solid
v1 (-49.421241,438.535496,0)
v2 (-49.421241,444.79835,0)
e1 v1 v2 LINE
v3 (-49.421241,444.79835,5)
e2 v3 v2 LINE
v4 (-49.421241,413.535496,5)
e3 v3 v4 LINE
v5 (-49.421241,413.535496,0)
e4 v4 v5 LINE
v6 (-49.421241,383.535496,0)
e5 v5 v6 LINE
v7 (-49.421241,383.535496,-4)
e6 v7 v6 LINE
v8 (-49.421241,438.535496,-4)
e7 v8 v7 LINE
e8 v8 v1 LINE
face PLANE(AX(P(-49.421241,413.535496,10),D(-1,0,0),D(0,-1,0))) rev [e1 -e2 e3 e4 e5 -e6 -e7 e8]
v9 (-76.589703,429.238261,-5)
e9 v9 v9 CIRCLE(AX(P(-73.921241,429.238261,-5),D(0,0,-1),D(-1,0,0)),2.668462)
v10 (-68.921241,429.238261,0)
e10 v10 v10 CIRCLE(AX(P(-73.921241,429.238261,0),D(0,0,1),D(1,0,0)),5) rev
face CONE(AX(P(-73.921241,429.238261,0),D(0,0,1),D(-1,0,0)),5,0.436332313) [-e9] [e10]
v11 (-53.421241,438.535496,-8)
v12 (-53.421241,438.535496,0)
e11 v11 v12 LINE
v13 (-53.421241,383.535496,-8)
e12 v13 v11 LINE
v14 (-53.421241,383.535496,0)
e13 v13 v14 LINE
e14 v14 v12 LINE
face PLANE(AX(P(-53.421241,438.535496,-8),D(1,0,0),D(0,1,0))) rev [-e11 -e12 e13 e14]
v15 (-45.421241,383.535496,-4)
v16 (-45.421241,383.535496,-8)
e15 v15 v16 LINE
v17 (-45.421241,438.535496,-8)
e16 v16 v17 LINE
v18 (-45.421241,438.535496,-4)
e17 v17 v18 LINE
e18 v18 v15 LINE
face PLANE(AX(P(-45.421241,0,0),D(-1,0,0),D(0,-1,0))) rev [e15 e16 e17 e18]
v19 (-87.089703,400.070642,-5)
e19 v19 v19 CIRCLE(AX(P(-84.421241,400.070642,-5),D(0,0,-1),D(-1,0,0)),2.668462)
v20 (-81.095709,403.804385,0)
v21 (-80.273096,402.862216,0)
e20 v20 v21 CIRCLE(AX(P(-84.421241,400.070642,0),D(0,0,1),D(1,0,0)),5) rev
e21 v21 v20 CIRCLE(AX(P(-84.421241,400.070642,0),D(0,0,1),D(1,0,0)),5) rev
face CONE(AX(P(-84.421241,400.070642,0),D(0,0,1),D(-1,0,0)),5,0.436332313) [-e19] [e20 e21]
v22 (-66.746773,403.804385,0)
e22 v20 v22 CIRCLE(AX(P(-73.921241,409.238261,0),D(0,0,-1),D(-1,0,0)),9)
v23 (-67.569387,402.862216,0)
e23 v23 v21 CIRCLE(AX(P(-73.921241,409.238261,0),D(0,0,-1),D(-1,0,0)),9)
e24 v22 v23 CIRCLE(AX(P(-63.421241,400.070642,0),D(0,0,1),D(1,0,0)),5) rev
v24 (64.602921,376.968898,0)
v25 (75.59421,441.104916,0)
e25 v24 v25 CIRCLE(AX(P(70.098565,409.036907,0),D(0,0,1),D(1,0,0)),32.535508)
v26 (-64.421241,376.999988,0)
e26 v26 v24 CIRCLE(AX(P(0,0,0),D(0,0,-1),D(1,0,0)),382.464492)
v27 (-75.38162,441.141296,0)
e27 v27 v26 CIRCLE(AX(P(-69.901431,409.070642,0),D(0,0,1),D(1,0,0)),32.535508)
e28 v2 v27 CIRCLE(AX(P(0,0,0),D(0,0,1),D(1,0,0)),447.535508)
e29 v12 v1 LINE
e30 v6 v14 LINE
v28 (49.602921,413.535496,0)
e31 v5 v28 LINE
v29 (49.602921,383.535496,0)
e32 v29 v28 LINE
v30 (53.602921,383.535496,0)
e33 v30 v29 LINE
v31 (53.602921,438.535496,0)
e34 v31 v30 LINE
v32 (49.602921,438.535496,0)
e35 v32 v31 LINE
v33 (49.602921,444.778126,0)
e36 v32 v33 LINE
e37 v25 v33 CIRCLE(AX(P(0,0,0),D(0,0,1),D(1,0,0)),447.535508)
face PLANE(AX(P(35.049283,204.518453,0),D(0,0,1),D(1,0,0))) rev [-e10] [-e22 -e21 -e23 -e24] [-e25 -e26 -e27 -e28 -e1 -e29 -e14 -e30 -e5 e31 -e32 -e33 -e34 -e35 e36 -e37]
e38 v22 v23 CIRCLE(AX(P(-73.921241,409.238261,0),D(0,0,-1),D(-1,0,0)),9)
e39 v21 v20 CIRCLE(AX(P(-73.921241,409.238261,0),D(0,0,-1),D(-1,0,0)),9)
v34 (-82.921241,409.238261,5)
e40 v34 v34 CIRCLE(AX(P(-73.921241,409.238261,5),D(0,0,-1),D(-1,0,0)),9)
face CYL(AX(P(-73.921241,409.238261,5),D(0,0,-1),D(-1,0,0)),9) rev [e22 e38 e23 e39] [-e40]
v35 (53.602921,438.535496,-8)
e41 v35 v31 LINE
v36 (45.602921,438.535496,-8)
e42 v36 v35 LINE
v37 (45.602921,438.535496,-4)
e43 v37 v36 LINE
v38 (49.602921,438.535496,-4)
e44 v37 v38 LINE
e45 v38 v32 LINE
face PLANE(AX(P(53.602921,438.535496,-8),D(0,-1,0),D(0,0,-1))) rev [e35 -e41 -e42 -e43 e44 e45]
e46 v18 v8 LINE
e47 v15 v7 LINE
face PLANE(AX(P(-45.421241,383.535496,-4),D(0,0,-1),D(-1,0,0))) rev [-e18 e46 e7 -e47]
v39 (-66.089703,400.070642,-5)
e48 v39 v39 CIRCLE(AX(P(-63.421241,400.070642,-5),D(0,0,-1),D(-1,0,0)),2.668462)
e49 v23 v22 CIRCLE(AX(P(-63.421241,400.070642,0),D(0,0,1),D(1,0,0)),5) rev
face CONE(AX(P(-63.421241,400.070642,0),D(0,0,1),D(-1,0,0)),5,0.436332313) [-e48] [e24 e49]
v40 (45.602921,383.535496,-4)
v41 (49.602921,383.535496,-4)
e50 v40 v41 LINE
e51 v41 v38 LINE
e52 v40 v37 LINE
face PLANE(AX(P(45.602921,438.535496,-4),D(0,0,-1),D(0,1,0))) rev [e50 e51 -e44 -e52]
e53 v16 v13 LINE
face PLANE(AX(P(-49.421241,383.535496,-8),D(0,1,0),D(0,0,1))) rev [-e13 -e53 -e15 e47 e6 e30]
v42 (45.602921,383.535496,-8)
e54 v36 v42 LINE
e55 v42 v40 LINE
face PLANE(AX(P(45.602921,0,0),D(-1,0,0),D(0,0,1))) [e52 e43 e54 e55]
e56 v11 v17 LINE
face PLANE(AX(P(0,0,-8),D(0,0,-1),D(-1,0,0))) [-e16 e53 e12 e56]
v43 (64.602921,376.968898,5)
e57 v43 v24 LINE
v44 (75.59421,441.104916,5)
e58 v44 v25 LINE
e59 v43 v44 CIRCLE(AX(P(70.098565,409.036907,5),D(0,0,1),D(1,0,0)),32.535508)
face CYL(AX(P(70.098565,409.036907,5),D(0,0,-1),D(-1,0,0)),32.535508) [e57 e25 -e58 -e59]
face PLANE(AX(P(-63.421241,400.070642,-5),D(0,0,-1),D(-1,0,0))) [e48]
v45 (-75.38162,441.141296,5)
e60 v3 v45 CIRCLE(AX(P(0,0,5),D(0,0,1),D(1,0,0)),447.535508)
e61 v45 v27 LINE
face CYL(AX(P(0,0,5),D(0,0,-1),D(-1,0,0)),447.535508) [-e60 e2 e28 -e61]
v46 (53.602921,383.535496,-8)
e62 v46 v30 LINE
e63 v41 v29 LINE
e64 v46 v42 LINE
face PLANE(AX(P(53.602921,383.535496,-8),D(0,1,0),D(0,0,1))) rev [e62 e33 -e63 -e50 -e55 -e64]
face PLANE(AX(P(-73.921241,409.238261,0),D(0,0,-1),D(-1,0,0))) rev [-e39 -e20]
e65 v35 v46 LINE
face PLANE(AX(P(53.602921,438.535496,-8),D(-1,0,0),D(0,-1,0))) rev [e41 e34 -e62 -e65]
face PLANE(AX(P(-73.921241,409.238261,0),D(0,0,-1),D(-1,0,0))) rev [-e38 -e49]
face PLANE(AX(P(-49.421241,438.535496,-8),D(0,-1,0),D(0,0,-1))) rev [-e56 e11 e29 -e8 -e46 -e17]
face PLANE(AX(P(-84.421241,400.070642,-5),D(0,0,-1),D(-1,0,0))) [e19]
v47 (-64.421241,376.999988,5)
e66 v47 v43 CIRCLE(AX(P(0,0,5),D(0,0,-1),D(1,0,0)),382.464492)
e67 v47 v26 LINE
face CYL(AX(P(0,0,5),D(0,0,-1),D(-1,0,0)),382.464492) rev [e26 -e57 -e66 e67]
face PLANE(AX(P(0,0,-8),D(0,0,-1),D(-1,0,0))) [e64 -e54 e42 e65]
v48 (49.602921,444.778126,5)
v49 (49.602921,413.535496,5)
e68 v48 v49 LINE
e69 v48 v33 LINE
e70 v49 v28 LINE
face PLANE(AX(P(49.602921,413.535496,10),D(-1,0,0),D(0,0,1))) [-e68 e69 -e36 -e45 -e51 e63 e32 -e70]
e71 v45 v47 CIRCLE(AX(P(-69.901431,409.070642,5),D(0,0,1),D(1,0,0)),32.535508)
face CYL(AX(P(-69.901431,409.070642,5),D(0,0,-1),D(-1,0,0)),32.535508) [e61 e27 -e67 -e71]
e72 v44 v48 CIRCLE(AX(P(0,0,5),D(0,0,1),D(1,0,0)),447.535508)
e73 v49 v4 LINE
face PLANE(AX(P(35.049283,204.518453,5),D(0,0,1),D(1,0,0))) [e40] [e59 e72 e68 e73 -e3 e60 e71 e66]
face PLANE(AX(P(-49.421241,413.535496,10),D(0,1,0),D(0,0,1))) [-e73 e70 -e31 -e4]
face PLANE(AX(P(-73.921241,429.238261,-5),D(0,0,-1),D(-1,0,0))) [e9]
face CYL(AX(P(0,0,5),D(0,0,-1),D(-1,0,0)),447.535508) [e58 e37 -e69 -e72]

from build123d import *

# Parameters (mm, degrees)
BOSS_EXTRU_1_DEPTH           = 5
ESQUISSE14_W                 = 99.024162062
ESQUISSE14_H                 = 34
ENL_V_MAT_EXTRU_3_DEPTH      = 10
ESQUISSE15_W                 = 4
ESQUISSE15_H                 = 55
BOSS_EXTRU_2_DEPTH           = 8
ESQUISSE16_W                 = 4
ESQUISSE16_H                 = 55
BOSS_EXTRU_3_DEPTH           = 4
ESQUISSE17_W                 = 4
ESQUISSE17_H                 = 55
BOSS_EXTRU_4_DEPTH           = 4
ESQUISSE18_R                 = 5
BOSS_EXTRU_5_DEPTH           = 5
BOSS_EXTRU_5_DRAFT           = 25
BOSS_EXTRU_5_PROFILE_2_DEPTH = 5
BOSS_EXTRU_5_PROFILE_2_DRAFT = 25
BOSS_EXTRU_5_PROFILE_3_DEPTH = 5
BOSS_EXTRU_5_PROFILE_3_DRAFT = 25
ESQUISSE19_R                 = 9
ENL_V_MAT_EXTRU_4_DEPTH      = 5


with BuildPart() as part:
    # Esquisse3 → Boss.-Extru.1 (new body)
    with BuildSketch(Plane.XY):
        with BuildLine():
            ThreePointArc((75.594209632, 441.104915907), (0.107839882, 447.535495506), (-75.381620177, 441.141295626))
            ThreePointArc((-75.381620177, 441.141295626), (-101.972084627, 403.590452402), (-64.421241404, 376.999987952))
            ThreePointArc((-64.421241404, 376.999987952), (0.092160118, 382.464480398), (64.602920658, 376.968897791))
            ThreePointArc((64.602920658, 376.968897791), (102.166574203, 403.541262362), (75.594209632, 441.104915907))
        make_face()
    extrude(amount=BOSS_EXTRU_1_DEPTH)

    # Esquisse14 → Enlèv. mat.-Extru.3 (cut)
    with BuildSketch(Plane(origin=(0, 0, 0), x_dir=(-1, 0, 0), z_dir=(0, 0, -1))):
        with Locations((-0.090839627, 430.535495506)):
            Rectangle(ESQUISSE14_W, ESQUISSE14_H)
    extrude(amount=-ENL_V_MAT_EXTRU_3_DEPTH, mode=Mode.SUBTRACT)


with BuildPart() as body_2:
    # of the pieces the cut leaves, the one that is kept (enl_v_mat_extru_3_keep)
    add(part.part.solids().sort_by_distance((64.602920658, 376.968897791, 0))[0])

    # Esquisse15 → Boss.-Extru.2 (add)
    with BuildSketch(Plane(origin=(0, 0, 0), x_dir=(-1, 0, 0), z_dir=(0, 0, -1))):
        with Locations((-51.602920658, 411.035495506)):
            Rectangle(ESQUISSE15_W, ESQUISSE15_H)
        with Locations((51.421241404, 411.035495506)):
            Rectangle(ESQUISSE15_W, ESQUISSE15_H)
    extrude(amount=BOSS_EXTRU_2_DEPTH)

    # Esquisse16 → Boss.-Extru.3 (add)
    with BuildSketch(Plane.ZY.offset(-49.602920658)):
        with Locations((-6, 411.035495506)):
            Rectangle(ESQUISSE16_W, ESQUISSE16_H)
    extrude(amount=BOSS_EXTRU_3_DEPTH)

    # Esquisse17 → Boss.-Extru.4 (add)
    with BuildSketch(Plane(origin=(-49.421241404, 0, 0), x_dir=(0, 0, -1), z_dir=(1, 0, 0))):
        with Locations((6, 411.035495506)):
            Rectangle(ESQUISSE17_W, ESQUISSE17_H)
    extrude(amount=BOSS_EXTRU_4_DEPTH)


with BuildPart() as boss_extru_5_tool:
    # Esquisse18 → Boss.-Extru.5 (with draft: the straight prism first)
    with BuildSketch(Plane(origin=(0, 0, 0), x_dir=(-1, 0, 0), z_dir=(0, 0, -1))):
        with Locations((63.421241404, 400.070641789)):
            Circle(ESQUISSE18_R)
    extrude(amount=BOSS_EXTRU_5_DEPTH)
    # Boss.-Extru.5: the draft: its side faces are tilted about the plane it starts from
    boss_extru_5_sides = [boss_extru_5_tool.faces().sort_by_distance(p)[0] for p in [
        (-58.421241404, 400.070641789, -2.5),
    ]]
    draft(boss_extru_5_sides, Plane(origin=(0, 0, 0), x_dir=(-1, 0, 0), z_dir=(0, 0, -1)), BOSS_EXTRU_5_DRAFT)


with BuildPart() as body_2_1:
    add(body_2.part)

    # Boss.-Extru.5: add boss_extru_5_tool
    add(boss_extru_5_tool.part)


with BuildPart() as boss_extru_5_profile_2_tool:
    # Esquisse18 → Boss.-Extru.5 profile 2 (with draft: the straight prism first)
    with BuildSketch(Plane(origin=(0, 0, 0), x_dir=(-1, 0, 0), z_dir=(0, 0, -1))):
        with Locations((84.421241404, 400.070641789)):
            Circle(ESQUISSE18_R)
    extrude(amount=BOSS_EXTRU_5_PROFILE_2_DEPTH)
    # Boss.-Extru.5 profile 2: the draft: its side faces are tilted about the plane it starts from
    boss_extru_5_profile_2_sides = [boss_extru_5_profile_2_tool.faces().sort_by_distance(p)[0] for p in [
        (-79.421241404, 400.070641789, -2.5),
    ]]
    draft(boss_extru_5_profile_2_sides, Plane(origin=(0, 0, 0), x_dir=(-1, 0, 0), z_dir=(0, 0, -1)), BOSS_EXTRU_5_PROFILE_2_DRAFT)


with BuildPart() as body_2_2:
    add(body_2_1.part)

    # Boss.-Extru.5 profile 2: add boss_extru_5_profile_2_tool
    add(boss_extru_5_profile_2_tool.part)


with BuildPart() as boss_extru_5_profile_3_tool:
    # Esquisse18 → Boss.-Extru.5 profile 3 (with draft: the straight prism first)
    with BuildSketch(Plane(origin=(0, 0, 0), x_dir=(-1, 0, 0), z_dir=(0, 0, -1))):
        with Locations((73.921241404, 429.238260821)):
            Circle(ESQUISSE18_R)
    extrude(amount=BOSS_EXTRU_5_PROFILE_3_DEPTH)
    # Boss.-Extru.5 profile 3: the draft: its side faces are tilted about the plane it starts from
    boss_extru_5_profile_3_sides = [boss_extru_5_profile_3_tool.faces().sort_by_distance(p)[0] for p in [
        (-68.921241404, 429.238260821, -2.5),
    ]]
    draft(boss_extru_5_profile_3_sides, Plane(origin=(0, 0, 0), x_dir=(-1, 0, 0), z_dir=(0, 0, -1)), BOSS_EXTRU_5_PROFILE_3_DRAFT)


with BuildPart() as body_2_3:
    add(body_2_2.part)

    # Boss.-Extru.5 profile 3: add boss_extru_5_profile_3_tool
    add(boss_extru_5_profile_3_tool.part)

    # Esquisse19 → Enlèv. mat.-Extru.4 (cut)
    with BuildSketch(Plane(origin=(0, 0, 0), x_dir=(-1, 0, 0), z_dir=(0, 0, -1))):
        with Locations((73.921241404, 409.238260821)):
            Circle(ESQUISSE19_R)
    extrude(amount=-ENL_V_MAT_EXTRU_4_DEPTH, mode=Mode.SUBTRACT)


solid = body_2_3.part
